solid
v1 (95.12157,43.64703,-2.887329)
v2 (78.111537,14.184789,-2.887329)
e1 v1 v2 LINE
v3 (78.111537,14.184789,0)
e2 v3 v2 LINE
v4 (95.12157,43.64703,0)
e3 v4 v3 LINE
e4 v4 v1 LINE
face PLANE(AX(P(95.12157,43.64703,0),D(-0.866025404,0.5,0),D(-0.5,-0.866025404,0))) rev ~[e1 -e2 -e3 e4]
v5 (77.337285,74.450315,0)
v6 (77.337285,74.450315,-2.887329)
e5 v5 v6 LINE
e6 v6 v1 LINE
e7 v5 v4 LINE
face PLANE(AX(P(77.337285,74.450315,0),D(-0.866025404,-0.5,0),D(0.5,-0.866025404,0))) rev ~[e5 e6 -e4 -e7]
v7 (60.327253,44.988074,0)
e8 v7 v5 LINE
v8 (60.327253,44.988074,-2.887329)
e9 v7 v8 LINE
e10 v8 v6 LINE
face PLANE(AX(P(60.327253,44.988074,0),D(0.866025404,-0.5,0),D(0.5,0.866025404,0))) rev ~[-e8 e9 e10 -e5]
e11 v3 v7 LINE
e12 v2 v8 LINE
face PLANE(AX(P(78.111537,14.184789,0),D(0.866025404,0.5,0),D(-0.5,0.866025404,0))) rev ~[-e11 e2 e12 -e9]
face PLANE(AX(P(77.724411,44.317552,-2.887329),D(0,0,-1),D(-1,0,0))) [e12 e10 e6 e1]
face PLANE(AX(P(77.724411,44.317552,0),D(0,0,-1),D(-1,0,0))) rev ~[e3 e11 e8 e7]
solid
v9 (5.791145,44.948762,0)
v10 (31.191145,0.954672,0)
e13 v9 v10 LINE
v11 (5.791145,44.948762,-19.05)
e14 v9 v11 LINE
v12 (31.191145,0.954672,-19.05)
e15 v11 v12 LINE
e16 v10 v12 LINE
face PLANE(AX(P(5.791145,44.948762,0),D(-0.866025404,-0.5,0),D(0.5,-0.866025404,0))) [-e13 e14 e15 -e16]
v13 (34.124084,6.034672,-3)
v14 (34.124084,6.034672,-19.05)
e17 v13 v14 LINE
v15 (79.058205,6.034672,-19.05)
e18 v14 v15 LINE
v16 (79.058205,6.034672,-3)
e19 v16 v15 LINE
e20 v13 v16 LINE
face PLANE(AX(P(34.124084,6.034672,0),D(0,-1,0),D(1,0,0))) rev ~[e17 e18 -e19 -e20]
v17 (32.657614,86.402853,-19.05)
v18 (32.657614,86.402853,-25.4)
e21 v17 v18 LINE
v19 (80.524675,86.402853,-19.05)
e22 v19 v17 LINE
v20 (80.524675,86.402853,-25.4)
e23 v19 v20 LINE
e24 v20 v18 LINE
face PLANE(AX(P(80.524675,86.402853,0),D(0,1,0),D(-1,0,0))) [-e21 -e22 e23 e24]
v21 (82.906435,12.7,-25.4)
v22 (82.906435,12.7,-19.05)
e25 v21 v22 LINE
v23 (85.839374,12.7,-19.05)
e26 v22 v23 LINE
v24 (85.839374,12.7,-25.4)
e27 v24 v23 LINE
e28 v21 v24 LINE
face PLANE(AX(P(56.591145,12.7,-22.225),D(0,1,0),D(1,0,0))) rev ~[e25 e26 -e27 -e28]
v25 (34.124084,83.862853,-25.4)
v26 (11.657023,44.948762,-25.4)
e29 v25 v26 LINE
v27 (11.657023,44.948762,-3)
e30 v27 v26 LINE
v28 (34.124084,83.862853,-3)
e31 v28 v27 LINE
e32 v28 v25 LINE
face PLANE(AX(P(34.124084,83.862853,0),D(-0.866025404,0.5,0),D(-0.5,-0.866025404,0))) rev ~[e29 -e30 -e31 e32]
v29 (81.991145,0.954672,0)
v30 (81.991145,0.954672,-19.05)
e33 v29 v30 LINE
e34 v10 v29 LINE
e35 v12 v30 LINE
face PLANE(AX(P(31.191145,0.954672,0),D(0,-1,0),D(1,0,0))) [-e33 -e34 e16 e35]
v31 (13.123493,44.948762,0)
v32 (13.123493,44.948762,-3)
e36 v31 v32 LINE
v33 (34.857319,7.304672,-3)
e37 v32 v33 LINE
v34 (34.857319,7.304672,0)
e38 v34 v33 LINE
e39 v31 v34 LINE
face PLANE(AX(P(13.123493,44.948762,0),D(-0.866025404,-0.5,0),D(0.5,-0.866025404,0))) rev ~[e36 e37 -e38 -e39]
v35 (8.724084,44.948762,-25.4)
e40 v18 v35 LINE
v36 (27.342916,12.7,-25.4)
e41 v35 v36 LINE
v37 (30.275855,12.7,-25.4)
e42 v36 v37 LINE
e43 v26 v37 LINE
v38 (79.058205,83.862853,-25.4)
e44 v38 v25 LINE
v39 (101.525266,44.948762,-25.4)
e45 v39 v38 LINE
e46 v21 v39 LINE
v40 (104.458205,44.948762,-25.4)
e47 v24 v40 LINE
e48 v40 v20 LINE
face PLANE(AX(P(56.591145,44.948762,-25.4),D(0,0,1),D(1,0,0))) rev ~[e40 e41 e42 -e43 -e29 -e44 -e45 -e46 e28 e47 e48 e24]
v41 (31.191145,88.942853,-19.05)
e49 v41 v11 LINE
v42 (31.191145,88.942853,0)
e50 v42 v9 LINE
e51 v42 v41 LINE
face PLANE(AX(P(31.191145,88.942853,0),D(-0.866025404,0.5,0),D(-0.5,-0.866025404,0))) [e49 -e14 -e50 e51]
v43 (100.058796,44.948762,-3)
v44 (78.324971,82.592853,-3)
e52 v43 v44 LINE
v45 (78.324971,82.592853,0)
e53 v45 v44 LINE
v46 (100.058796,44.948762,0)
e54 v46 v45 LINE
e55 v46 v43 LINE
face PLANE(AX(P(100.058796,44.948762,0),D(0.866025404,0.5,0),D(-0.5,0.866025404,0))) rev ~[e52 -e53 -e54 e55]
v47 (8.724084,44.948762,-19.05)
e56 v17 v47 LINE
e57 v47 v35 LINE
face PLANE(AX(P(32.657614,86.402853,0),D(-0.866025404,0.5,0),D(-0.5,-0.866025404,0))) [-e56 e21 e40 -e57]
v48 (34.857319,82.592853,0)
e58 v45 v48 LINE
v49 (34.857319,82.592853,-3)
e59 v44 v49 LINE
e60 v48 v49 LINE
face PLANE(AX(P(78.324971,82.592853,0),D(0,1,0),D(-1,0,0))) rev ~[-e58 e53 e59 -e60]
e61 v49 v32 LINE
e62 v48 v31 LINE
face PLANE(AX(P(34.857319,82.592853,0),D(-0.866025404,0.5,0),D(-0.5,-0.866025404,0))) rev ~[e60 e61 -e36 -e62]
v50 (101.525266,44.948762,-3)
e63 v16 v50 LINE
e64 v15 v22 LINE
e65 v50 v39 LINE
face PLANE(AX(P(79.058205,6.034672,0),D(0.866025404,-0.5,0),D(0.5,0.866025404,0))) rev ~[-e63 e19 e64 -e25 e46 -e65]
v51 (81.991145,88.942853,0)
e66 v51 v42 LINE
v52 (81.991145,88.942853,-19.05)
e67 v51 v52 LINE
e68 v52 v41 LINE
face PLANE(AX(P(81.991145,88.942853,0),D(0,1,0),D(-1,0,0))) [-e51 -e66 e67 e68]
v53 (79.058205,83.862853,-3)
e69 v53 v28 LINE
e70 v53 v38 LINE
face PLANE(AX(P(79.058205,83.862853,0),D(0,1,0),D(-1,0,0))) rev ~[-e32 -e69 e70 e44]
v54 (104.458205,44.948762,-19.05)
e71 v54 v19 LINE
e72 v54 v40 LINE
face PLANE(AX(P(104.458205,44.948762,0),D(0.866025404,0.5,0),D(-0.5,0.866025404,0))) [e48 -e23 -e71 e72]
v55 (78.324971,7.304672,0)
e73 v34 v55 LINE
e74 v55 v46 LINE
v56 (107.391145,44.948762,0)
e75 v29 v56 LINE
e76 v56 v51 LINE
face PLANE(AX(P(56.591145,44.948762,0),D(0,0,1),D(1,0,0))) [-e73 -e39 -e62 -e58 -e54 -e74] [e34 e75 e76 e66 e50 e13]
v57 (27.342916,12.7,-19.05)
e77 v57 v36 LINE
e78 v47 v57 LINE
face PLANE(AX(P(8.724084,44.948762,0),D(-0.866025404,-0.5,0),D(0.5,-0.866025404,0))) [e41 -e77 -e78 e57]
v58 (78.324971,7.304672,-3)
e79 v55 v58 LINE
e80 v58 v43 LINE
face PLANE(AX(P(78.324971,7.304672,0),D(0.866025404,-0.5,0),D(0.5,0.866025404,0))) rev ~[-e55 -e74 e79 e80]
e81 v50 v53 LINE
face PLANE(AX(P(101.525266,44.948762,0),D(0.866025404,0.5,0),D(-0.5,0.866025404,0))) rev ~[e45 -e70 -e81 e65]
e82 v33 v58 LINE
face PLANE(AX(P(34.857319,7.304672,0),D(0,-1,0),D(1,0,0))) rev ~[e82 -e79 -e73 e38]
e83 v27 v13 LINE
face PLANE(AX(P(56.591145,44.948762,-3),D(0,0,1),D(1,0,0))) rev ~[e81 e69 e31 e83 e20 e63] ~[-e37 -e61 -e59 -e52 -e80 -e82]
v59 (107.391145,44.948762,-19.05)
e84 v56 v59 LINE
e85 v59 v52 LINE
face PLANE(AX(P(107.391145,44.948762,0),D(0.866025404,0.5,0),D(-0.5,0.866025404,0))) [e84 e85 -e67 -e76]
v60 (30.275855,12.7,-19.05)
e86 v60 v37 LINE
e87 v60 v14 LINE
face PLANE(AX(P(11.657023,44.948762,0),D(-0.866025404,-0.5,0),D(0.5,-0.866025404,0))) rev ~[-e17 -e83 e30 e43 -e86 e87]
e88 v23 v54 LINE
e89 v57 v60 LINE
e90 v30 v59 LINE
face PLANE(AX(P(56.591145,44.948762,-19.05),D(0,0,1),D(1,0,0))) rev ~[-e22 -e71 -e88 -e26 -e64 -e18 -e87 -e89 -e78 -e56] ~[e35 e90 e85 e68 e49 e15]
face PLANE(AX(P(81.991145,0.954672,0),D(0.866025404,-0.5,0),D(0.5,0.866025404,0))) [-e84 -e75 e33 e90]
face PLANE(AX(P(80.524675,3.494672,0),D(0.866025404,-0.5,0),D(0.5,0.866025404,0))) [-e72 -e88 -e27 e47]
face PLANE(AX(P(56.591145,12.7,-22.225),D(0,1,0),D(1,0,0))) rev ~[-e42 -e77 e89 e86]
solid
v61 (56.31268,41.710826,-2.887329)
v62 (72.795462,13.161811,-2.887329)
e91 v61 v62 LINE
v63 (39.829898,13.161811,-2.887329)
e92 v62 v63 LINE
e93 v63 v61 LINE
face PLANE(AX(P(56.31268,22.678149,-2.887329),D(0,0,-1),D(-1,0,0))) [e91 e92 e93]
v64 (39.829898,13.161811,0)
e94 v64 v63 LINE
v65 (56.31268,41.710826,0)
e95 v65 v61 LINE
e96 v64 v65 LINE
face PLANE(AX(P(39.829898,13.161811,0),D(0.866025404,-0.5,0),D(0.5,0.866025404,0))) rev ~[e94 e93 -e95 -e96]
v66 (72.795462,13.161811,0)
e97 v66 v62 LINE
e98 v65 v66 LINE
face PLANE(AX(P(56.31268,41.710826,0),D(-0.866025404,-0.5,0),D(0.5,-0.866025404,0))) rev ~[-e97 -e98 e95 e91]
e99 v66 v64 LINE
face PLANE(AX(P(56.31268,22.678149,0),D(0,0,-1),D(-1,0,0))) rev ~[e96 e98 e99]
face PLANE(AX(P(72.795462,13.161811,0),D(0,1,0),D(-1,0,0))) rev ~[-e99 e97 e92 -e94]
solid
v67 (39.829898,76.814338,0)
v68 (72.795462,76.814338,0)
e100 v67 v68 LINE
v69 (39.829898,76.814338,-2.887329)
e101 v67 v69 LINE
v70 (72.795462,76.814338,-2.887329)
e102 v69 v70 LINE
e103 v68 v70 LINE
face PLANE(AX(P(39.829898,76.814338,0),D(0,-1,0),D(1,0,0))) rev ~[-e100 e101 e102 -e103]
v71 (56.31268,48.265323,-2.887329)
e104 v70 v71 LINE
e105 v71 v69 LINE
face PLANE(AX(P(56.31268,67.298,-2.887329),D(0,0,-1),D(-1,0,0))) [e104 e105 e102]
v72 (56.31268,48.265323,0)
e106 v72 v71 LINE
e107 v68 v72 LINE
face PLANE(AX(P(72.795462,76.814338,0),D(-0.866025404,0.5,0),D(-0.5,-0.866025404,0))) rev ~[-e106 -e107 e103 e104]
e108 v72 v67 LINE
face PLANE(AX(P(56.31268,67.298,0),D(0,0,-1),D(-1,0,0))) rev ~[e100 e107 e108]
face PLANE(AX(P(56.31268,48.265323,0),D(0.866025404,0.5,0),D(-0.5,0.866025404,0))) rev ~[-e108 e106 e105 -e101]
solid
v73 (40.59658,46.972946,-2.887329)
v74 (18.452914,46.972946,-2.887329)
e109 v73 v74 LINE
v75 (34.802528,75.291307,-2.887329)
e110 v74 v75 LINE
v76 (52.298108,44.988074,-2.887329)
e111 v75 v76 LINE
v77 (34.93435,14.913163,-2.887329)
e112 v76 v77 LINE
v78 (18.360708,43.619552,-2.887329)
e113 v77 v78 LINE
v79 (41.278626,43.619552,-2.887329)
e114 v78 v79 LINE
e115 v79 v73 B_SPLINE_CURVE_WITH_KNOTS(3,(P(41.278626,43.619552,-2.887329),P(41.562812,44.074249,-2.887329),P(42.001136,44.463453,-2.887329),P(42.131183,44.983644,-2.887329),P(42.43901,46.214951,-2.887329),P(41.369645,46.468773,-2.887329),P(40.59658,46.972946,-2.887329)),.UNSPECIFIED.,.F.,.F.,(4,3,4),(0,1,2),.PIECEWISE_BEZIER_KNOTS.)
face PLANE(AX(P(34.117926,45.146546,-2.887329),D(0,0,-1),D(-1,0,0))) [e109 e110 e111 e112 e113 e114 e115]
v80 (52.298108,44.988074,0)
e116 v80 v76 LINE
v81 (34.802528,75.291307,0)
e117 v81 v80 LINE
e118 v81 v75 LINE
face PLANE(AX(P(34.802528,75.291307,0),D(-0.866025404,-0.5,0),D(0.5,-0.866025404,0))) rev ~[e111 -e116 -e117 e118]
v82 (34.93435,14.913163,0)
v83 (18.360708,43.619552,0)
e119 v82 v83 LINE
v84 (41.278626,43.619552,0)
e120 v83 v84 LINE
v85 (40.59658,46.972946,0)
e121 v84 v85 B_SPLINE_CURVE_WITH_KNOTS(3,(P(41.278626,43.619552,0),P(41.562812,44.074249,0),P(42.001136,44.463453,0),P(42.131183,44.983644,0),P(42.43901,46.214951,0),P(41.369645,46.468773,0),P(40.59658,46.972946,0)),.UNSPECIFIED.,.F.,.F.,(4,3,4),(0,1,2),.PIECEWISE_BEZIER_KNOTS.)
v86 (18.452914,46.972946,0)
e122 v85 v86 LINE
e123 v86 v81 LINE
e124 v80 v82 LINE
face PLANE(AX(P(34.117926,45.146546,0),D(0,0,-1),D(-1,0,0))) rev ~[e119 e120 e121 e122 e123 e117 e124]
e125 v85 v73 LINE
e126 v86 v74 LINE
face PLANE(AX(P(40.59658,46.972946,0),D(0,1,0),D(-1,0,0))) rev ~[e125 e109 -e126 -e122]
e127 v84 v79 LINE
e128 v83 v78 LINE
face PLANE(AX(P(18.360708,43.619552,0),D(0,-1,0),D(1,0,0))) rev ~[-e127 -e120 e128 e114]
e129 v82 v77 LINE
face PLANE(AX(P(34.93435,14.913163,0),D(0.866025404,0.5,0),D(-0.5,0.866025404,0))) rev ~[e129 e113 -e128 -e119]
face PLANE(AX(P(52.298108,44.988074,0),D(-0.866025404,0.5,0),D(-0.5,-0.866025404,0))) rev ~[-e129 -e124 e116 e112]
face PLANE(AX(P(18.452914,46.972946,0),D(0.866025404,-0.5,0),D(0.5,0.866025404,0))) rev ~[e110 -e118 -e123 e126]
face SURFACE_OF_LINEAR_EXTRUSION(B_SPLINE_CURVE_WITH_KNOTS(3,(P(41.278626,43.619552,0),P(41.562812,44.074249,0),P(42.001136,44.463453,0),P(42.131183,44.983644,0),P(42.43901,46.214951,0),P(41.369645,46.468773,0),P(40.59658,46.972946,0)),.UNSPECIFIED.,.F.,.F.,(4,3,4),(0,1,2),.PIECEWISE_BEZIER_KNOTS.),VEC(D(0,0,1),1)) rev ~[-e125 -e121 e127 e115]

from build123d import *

# Parameters (mm, degrees)
BOSS_EXTRUDE1_DEPTH   = 50.8
BOSS_EXTRUDE1_2_DEPTH = 50.8
BOSS_EXTRUDE1_3_DEPTH = 50.8
BOSS_EXTRUDE1_4_DEPTH = 50.8
SCALE2_SCALE          = 0.056837178
BOSS_EXTRUDE2_DEPTH   = 19.05
BOSS_EXTRUDE3_DEPTH   = 25.4
BOSS_EXTRUDE4_DEPTH   = 3
SKETCH5_W             = 76.2
SKETCH5_H             = 6.35
CUT_EXTRUDE1_DEPTH    = 12.7


with BuildPart() as part:
    # Sketch1 → Boss-Extrude1 (new body)
    with BuildSketch(Plane.XY):
        Polygon((700.771920951, 1351.480504637), (1280.771920951, 1351.480504637), (990.771920951, 849.185770443), align=None)
    extrude(amount=-BOSS_EXTRUDE1_DEPTH)


with BuildPart() as body_2:
    # Sketch1 → Boss-Extrude1 2 (new body)
    with BuildSketch(Plane.XY):
        with BuildLine():
            Line((612.319771216, 1324.684122016), (920.139059743, 791.525474739))
            Line((920.139059743, 791.525474739), (614.639059743, 262.383953026))
            Line((614.639059743, 262.383953026), (323.040465784, 767.447533178))
            Line((323.040465784, 767.447533178), (726.261001344, 767.447533178))
            add(Edge.make_bspline(
                [(726.261001344, 767.447533178), (731.261001344, 775.447533178), (738.972924833, 782.295227136), (741.261001344, 791.447533178), (746.676940536, 813.111289947), (727.862395623, 817.577058647), (714.261001344, 826.447533178)],
                knots=[0, 0, 0, 0, 1, 1, 1, 2, 2, 2, 2], degree=3))
            Line((714.261001344, 826.447533178), (324.66274253, 826.447533178))
            Line((324.66274253, 826.447533178), (612.319771216, 1324.684122016))
        make_face()
    extrude(amount=-BOSS_EXTRUDE1_2_DEPTH)


with BuildPart() as body_3:
    # Sketch1 → Boss-Extrude1 3 (new body)
    with BuildSketch(Plane.XY):
        Polygon((1360.681295443, 1309.887601259), (1673.580097254, 767.930978895), (1374.30358397, 249.568852374), (1061.404782158, 791.525474739), align=None)
    extrude(amount=-BOSS_EXTRUDE1_3_DEPTH)


with BuildPart() as body_4:
    # Sketch1 → Boss-Extrude1 4 (new body)
    with BuildSketch(Plane.XY):
        Polygon((990.771920951, 733.865179035), (1280.771920951, 231.57044484), (700.771920951, 231.57044484), align=None)
    extrude(amount=-BOSS_EXTRUDE1_4_DEPTH)


with BuildPart() as part_1:
    # Scale2: scaled about (0, 0, 0)
    add(part.part.scale(SCALE2_SCALE))


with BuildPart() as body_2_1:
    # Scale2: scaled about (0, 0, 0)
    add(body_2.part.scale(SCALE2_SCALE))


with BuildPart() as body_4_1:
    # Scale2: scaled about (0, 0, 0)
    add(body_4.part.scale(SCALE2_SCALE))


with BuildPart() as body_3_1:
    # Scale2: scaled about (0, 0, 0)
    add(body_3.part.scale(SCALE2_SCALE))


with BuildPart() as body_5:
    # Sketch2 → Boss-Extrude2 (new body)
    with BuildSketch(Plane.XY):
        Polygon((107.391144765, 44.94876217), (81.991144765, 88.942852683), (31.191144765, 88.942852683), (5.791144765, 44.94876217), (31.191144765, 0.954671658), (81.991144765, 0.954671658), align=None)
        Polygon((104.458205398, 44.94876217), (80.524675081, 86.402852683), (32.657614449, 86.402852683), (8.724084133, 44.94876217), (32.657614449, 3.494671658), (80.524675081, 3.494671658), align=None, mode=Mode.SUBTRACT)
    extrude(amount=-BOSS_EXTRUDE2_DEPTH)

    # Sketch3 → Boss-Extrude3 (add)
    with BuildSketch(Plane.XY):
        Polygon((104.458205398, 44.94876217), (80.524675081, 86.402852683), (32.657614449, 86.402852683), (8.724084133, 44.94876217), (32.657614449, 3.494671658), (80.524675081, 3.494671658), align=None)
        Polygon((101.52526603, 44.94876217), (79.058205398, 83.862852683), (34.124084133, 83.862852683), (11.6570235, 44.94876217), (34.124084133, 6.034671658), (79.058205398, 6.034671658), align=None, mode=Mode.SUBTRACT)
    extrude(amount=-BOSS_EXTRUDE3_DEPTH)

    # Sketch4 → Boss-Extrude4 (add)
    with BuildSketch(Plane.XY):
        Polygon((101.52526603, 44.94876217), (79.058205398, 83.862852683), (34.124084133, 83.862852683), (11.6570235, 44.94876217), (34.124084133, 6.034671658), (79.058205398, 6.034671658), align=None)
        Polygon((100.058796346, 44.94876217), (78.324970556, 82.592852683), (34.857318974, 82.592852683), (13.123493184, 44.94876217), (34.857318974, 7.304671658), (78.324970556, 7.304671658), align=None, mode=Mode.SUBTRACT)
    extrude(amount=-BOSS_EXTRUDE4_DEPTH)

    # Sketch5 → Cut-Extrude1 (cut)
    with BuildSketch(Plane(origin=(0, 0, 0), x_dir=(1, 0, 0), z_dir=(0, 1, 0))):
        with Locations((56.591144765, 22.225)):
            Rectangle(SKETCH5_W, SKETCH5_H)
    extrude(amount=CUT_EXTRUDE1_DEPTH, mode=Mode.SUBTRACT)


solid = Compound([part_1.part, body_2_1.part, body_4_1.part, body_3_1.part, body_5.part])
